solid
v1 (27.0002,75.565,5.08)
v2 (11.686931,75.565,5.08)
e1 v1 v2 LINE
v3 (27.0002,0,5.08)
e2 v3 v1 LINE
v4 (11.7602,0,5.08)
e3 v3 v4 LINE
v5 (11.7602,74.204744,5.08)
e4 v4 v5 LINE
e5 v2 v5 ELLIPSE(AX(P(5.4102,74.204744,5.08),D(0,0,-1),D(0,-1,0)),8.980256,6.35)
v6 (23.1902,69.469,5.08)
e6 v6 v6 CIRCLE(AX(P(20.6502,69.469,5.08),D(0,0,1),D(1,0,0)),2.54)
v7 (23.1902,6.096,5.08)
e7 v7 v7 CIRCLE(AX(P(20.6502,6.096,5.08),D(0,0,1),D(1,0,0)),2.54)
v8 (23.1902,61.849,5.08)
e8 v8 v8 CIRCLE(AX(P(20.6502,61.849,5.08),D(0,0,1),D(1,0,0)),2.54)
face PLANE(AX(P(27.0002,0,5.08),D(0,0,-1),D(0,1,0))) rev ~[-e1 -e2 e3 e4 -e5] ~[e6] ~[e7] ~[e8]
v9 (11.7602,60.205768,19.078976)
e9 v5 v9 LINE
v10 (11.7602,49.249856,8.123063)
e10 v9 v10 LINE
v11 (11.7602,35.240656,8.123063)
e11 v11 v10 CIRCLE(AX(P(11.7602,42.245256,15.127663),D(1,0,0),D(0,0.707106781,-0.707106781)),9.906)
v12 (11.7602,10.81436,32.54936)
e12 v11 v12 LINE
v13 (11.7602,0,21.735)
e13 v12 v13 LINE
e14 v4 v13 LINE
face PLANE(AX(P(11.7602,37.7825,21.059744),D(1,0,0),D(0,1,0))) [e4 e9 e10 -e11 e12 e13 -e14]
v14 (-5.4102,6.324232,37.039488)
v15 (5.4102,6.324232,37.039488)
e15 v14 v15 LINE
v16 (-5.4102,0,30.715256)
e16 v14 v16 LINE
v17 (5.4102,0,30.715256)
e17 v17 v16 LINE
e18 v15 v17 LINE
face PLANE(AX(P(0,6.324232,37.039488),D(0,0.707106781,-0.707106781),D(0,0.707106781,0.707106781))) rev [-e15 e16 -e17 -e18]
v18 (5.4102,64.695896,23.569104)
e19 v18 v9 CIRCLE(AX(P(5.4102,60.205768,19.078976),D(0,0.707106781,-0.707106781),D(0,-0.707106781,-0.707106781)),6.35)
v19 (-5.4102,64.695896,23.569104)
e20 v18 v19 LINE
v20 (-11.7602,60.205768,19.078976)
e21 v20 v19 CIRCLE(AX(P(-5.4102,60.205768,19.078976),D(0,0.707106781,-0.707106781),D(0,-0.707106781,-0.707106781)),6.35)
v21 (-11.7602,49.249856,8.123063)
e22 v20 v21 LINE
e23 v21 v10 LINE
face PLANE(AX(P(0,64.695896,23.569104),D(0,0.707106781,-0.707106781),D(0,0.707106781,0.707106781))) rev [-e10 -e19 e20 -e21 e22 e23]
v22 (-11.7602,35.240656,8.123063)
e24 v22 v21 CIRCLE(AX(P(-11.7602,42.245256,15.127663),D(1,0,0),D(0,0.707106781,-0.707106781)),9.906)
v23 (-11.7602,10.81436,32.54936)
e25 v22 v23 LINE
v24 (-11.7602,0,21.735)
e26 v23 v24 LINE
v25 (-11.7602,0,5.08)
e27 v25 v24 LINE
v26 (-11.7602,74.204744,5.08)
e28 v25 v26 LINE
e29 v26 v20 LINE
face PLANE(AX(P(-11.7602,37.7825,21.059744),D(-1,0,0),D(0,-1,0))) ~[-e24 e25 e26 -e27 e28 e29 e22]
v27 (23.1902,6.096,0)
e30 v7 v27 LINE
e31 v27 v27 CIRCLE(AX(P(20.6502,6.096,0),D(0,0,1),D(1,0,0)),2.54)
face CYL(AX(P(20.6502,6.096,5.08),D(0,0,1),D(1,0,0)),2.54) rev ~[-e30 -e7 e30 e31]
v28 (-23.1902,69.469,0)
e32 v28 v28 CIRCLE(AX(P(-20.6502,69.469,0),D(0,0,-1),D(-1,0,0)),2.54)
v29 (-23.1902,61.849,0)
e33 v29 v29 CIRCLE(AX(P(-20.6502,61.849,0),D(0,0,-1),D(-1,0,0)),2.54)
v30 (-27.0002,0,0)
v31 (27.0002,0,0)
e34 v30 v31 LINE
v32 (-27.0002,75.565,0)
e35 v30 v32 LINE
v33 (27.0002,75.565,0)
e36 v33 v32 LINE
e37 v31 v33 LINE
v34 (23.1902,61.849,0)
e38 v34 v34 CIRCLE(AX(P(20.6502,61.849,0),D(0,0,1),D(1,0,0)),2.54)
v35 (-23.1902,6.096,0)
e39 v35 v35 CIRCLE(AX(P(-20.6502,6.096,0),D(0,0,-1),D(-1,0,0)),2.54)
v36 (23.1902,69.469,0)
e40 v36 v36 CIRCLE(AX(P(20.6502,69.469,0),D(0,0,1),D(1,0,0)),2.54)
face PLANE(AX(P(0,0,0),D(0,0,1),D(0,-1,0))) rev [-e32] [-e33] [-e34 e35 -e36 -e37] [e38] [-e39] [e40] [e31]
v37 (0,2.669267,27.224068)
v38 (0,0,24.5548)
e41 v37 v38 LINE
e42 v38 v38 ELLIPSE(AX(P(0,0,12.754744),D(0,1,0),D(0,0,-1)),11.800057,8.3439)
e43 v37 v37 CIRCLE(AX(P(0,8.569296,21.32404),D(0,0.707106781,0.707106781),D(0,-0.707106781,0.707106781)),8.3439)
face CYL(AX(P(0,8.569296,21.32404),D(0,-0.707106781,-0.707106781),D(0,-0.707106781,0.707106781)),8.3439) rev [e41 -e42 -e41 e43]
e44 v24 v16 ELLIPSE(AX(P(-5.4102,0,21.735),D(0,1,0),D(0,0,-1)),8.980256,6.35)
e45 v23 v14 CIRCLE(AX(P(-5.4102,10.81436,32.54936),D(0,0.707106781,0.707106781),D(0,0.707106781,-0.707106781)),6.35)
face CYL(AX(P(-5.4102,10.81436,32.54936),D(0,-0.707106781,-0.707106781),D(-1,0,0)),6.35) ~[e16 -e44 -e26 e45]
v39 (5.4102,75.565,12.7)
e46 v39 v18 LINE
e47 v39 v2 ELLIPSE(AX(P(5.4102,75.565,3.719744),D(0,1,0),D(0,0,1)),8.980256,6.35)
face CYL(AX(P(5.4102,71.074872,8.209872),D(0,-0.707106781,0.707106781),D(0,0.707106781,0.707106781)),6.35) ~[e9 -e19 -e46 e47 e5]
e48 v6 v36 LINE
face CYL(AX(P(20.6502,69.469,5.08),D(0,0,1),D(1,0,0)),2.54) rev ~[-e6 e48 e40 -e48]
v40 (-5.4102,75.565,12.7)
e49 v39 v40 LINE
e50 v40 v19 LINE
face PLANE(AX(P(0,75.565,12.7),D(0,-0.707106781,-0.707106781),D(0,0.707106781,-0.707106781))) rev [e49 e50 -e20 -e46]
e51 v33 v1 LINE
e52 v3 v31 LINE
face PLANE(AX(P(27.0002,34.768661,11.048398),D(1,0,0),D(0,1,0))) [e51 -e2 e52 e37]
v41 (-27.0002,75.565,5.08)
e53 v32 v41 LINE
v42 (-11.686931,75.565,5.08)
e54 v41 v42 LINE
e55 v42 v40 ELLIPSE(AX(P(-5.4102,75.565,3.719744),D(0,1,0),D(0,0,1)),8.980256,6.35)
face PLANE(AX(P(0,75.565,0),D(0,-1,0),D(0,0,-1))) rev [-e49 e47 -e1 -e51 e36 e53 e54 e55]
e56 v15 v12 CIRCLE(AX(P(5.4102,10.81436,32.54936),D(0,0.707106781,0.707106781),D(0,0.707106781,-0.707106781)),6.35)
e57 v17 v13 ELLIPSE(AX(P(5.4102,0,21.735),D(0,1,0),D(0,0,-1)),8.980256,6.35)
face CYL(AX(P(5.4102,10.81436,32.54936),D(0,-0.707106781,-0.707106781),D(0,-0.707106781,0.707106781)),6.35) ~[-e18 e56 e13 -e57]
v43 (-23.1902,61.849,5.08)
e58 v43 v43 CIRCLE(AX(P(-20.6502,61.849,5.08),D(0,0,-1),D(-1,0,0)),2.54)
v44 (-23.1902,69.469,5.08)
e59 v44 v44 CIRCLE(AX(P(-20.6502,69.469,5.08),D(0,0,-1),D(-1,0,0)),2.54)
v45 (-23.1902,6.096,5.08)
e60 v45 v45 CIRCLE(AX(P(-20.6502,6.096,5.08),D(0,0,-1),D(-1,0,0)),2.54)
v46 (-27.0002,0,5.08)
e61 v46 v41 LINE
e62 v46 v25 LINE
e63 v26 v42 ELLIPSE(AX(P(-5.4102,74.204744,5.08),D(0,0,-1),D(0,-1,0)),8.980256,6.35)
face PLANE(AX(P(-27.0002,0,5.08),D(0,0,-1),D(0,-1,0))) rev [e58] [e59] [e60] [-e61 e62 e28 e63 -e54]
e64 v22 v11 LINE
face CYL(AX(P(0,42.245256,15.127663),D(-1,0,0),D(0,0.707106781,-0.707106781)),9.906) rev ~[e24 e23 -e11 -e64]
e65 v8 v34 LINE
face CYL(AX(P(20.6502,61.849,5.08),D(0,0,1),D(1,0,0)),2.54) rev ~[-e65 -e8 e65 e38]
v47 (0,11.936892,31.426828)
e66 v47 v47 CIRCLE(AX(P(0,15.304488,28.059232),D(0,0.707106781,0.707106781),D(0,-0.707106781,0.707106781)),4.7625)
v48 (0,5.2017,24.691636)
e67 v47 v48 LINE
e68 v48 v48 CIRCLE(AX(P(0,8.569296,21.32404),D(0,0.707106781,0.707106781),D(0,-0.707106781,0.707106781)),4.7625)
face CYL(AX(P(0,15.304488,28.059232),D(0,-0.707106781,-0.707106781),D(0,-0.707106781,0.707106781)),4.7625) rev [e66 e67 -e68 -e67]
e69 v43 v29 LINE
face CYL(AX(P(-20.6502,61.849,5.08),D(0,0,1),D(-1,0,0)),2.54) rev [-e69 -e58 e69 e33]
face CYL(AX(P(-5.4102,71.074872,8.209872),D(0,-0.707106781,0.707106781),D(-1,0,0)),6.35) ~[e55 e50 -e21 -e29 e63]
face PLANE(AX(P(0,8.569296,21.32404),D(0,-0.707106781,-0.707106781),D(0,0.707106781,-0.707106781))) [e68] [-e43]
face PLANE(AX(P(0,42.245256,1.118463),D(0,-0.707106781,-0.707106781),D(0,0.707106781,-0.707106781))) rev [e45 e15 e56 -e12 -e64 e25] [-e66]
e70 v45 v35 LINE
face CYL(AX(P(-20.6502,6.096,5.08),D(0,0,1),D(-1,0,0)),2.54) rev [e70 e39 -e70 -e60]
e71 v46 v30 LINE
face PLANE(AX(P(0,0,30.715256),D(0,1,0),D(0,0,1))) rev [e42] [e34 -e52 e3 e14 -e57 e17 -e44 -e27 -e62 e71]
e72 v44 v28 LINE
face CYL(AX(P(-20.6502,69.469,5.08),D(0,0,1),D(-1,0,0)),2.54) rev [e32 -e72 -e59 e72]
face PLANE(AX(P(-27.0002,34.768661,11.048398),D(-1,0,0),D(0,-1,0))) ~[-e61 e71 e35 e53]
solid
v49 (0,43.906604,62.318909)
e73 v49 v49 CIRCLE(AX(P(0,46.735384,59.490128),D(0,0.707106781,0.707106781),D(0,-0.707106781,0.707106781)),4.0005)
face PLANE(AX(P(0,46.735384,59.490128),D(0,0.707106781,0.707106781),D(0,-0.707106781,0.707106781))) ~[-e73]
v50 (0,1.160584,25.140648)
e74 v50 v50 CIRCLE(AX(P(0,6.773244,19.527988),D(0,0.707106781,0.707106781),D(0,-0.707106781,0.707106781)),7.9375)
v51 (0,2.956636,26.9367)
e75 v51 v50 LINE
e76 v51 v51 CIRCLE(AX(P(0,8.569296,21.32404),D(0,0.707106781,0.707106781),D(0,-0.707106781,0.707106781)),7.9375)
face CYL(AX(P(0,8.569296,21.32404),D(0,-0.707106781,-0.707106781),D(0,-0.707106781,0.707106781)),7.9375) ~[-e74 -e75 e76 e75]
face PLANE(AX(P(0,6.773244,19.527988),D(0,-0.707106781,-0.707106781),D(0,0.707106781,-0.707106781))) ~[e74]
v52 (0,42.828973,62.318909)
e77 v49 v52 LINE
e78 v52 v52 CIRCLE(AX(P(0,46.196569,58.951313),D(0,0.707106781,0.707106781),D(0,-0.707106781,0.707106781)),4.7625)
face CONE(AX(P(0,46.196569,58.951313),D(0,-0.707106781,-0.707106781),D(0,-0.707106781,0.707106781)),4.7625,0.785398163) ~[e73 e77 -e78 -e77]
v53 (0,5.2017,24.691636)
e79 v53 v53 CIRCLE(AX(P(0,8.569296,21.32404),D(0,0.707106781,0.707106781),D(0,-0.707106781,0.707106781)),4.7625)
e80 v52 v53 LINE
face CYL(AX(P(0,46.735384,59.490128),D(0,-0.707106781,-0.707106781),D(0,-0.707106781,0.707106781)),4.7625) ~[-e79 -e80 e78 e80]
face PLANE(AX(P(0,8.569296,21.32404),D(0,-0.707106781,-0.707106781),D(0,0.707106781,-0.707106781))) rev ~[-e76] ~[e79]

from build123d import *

# Parameters (mm, degrees)
F1_DEPTH = 27.0002
F2_R     = 9.906
F3_W     = 75.565
F3_H     = 31.9594877579
F4_DEPTH = 15.24
F5_R     = 2.54
F6_DEPTH = 5.081
F8_R     = 6.35
F13_SIZE = 0.762


with BuildPart() as f1:
    # F0 (on Right) → F1 (new body)
    with BuildSketch(Plane.YZ):
        Polygon((0, 30.7152561211), (0, 0), (75.565, 0), (75.565, 12.7), (64.6958964237, 23.5691035763), (42.2452561211, 1.1184632736), (6.3242316368, 37.0394877579), align=None)
    extrude(amount=F1_DEPTH)

    # F2
    f2_edges = [f1.edges().sort_by_distance(p)[0] for p in [
        (13.5001, 42.245256, 1.118463),
    ]]
    fillet(f2_edges, radius=F2_R)

    # F3 (on face) → F4 (cut)
    with BuildSketch(Plane.YZ.offset(27.0002)):
        with Locations((37.7825, 21.0597438789)):
            Rectangle(F3_W, F3_H)
    extrude(amount=-F4_DEPTH, mode=Mode.SUBTRACT)

    # F5 (on face) → F6 (cut, through all)
    with BuildSketch(Plane.XY.offset(5.08)):
        with Locations((20.6502, 69.469)):
            Circle(F5_R)
        with Locations((20.6502, 61.849)):
            Circle(F5_R)
        with Locations((20.6502, 6.096)):
            Circle(F5_R)
    extrude(amount=-F6_DEPTH, mode=Mode.SUBTRACT)

    # F7: F1 across face


with BuildPart() as f1_1:
    add(f1.part)
    add(f1.part.mirror(Plane(origin=(0, 31.4337361572, 11.6287579026), x_dir=(0, 1, 0), z_dir=(-1, 0, 0))))

    # F8
    f8_edges = [f1_1.edges().sort_by_distance(p)[0] for p in [
        (-11.7602, 3.162116, 33.877372),
        (11.7602, 3.162116, 33.877372),
        (-11.7602, 70.130448, 18.134552),
        (11.7602, 70.130448, 18.134552),
    ]]
    fillet(f8_edges, radius=F8_R)

    # F9 (on Right) → F10 (revolve, cut)
    with BuildSketch(Plane.YZ):
        Polygon((-6.3773719395, 6.3773719395), (15.3044877579, 28.0592316368), (11.9368917125, 31.4268276822), (5.2016996217, 24.6916355914), (2.6692673955, 27.2240678175), (-12.277400211, 12.277400211), align=None)
    revolve(axis=Axis((0, 22.0396798487, 34.7944237276), (0, 0.7071067812, 0.7071067812)), mode=Mode.SUBTRACT)


with BuildPart() as f12:
    # F11 (on Right) → F12 (revolve)
    with BuildSketch(Plane.YZ):
        Polygon((11.9368917125, 31.4268276822), (5.2016996217, 24.6916355914), (2.9566355914, 26.9366996217), (1.1605843672, 25.1406483974), (6.7732444428, 19.5279883218), (46.7353841816, 59.4901280605), (43.3677881362, 62.8577241059), align=None)
    revolve(axis=Axis((0, 26.7543143122, 39.5090581912), (0, 0.7071067812, 0.7071067812)))

    # F13
    f13_edges = [f12.edges().sort_by_distance(p)[0] for p in [
        (0, 50.10298, 56.122532),
    ]]
    chamfer(f13_edges, length=F13_SIZE)


solid = Compound([f1_1.part, f12.part])
